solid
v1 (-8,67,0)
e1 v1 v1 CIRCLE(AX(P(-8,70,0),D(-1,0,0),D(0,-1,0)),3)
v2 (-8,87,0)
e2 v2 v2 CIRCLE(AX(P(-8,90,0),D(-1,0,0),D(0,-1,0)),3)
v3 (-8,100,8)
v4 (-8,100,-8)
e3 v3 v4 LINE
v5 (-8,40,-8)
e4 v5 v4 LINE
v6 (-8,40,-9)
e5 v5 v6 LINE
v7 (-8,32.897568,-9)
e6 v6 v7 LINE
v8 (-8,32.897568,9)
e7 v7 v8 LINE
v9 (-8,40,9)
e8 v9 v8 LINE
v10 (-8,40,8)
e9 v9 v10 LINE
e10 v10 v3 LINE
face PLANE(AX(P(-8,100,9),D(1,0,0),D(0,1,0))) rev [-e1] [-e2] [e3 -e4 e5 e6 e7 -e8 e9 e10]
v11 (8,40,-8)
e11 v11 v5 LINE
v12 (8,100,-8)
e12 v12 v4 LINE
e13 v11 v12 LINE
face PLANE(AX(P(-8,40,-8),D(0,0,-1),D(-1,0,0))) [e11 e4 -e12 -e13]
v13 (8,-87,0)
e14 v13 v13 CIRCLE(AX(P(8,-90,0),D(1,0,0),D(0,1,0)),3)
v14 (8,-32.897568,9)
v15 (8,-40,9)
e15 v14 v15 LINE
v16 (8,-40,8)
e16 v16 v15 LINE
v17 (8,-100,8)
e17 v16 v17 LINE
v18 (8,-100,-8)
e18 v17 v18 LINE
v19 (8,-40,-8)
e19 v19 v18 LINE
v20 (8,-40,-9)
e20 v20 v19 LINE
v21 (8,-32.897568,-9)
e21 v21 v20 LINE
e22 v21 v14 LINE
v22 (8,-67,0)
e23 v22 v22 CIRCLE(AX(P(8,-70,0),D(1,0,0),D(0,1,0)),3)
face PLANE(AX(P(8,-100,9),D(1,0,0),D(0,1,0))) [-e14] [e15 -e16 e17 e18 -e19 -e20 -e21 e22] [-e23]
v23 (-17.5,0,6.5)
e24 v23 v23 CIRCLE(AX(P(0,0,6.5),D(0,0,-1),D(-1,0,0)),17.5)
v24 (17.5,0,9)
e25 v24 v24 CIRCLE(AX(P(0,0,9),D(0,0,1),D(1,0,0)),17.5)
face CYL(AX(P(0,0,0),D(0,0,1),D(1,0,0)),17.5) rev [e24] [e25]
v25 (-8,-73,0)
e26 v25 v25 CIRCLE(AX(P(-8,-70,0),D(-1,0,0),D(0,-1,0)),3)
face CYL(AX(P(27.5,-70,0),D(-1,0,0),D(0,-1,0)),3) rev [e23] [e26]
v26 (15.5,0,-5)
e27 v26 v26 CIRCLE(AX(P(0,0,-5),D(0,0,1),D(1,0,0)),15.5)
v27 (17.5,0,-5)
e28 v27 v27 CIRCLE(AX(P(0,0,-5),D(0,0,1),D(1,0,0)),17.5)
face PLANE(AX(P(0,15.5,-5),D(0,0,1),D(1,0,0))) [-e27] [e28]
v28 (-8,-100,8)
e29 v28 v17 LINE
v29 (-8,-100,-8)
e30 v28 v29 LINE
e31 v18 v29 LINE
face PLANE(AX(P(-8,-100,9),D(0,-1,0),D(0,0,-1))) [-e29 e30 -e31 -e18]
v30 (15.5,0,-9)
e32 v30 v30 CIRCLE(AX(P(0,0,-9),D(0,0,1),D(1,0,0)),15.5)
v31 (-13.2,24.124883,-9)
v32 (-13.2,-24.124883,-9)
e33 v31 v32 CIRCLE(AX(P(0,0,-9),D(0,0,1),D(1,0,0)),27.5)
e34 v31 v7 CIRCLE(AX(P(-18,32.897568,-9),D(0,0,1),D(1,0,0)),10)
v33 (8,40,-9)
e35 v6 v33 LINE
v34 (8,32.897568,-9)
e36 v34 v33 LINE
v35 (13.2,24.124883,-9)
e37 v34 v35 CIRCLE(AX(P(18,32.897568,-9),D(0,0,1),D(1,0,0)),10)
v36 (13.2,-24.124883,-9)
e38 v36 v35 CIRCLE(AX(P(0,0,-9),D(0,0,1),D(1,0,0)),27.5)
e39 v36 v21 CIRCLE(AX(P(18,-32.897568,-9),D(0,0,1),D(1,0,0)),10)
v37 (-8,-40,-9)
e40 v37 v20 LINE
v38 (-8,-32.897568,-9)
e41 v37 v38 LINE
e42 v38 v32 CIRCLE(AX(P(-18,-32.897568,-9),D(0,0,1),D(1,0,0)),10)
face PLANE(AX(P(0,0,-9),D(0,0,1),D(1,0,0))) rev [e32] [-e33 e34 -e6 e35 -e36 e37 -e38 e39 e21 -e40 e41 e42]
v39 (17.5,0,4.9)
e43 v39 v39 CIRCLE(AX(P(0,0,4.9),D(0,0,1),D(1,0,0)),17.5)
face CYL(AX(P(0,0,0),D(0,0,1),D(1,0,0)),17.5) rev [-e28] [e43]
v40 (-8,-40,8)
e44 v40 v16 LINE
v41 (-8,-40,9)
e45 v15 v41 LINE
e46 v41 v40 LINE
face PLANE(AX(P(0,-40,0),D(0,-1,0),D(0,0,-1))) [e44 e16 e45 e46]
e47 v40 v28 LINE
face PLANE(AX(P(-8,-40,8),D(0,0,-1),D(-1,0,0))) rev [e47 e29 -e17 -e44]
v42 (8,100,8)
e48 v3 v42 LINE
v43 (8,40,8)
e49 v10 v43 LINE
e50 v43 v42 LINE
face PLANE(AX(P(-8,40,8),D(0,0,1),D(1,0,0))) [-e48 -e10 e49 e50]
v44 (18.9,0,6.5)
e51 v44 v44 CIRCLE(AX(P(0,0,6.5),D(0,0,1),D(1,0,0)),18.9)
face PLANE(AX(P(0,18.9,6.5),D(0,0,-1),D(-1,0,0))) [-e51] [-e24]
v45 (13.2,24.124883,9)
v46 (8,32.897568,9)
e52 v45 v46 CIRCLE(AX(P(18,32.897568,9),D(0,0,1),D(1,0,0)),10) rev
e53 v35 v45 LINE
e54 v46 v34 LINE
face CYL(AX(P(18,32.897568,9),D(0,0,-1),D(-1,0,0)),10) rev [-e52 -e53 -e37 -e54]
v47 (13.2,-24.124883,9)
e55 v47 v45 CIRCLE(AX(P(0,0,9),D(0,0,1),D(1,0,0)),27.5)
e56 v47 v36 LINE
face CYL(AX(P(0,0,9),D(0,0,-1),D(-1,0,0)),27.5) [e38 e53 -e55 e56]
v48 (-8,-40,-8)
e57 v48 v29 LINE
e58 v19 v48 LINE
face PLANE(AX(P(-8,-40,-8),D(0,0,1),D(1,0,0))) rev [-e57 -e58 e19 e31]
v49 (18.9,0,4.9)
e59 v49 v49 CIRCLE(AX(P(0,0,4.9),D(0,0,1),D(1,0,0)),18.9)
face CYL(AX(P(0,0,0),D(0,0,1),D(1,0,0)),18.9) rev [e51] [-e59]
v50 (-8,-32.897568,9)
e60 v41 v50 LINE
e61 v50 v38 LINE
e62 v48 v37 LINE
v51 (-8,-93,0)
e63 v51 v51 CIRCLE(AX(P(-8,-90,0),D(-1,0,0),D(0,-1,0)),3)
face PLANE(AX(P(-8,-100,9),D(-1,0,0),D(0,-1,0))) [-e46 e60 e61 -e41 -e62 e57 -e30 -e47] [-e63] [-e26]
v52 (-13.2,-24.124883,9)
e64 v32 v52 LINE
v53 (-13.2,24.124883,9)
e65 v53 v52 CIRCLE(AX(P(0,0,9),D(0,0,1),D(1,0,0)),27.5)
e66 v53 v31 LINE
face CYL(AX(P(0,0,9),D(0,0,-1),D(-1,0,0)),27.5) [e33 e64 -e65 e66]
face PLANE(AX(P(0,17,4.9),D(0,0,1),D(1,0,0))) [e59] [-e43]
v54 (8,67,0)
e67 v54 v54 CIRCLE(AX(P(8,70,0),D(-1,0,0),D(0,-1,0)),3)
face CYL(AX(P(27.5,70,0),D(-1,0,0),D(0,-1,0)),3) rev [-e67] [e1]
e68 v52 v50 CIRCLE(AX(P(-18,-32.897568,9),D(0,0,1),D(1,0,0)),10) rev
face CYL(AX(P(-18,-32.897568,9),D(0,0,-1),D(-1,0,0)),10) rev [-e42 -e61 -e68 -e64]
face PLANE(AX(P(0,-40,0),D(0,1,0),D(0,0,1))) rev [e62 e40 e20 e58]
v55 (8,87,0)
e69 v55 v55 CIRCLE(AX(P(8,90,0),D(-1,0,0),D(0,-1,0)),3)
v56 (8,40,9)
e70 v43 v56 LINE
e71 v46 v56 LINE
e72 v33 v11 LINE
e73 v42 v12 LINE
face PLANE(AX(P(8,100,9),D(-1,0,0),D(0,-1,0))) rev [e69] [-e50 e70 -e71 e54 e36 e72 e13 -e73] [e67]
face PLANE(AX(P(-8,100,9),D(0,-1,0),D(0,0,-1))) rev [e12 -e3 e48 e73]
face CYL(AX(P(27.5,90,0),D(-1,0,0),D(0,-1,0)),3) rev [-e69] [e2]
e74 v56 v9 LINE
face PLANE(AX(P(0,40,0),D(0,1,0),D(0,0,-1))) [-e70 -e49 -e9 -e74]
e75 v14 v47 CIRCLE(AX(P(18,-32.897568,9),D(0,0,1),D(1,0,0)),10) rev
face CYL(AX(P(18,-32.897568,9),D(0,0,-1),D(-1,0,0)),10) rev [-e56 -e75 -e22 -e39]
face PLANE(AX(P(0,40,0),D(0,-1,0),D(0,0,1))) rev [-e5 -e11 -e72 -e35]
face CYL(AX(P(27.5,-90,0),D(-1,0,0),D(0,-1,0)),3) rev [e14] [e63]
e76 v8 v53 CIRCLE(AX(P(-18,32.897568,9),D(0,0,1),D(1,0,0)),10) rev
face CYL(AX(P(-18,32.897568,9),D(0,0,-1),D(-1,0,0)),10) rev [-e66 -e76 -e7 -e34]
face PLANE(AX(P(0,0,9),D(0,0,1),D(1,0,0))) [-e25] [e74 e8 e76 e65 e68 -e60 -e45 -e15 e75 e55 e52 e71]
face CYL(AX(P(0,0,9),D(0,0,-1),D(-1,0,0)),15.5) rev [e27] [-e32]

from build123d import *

# Parameters (mm, degrees)
SKETCH1_R           = 27.5
SKETCH1_R_2         = 15.5
BOSS_EXTRUDE1_DEPTH = 9
BOSS_EXTRUDE2_DEPTH = 9
SKETCH3_W           = 14
SKETCH3_H           = 2
SKETCH4_W           = 1.6
SKETCH4_H           = 1.9
FILLET1_R           = 10
SKETCH5_W           = 16
SKETCH5_H           = 1
CUT_EXTRUDE1_DEPTH  = 60
SKETCH6_R           = 3
CUT_EXTRUDE2_DEPTH  = 107.495305061
SKETCH7_R           = 3
CUT_EXTRUDE3_DEPTH  = 107.495305061


with BuildPart() as part:
    # Sketch1 → Boss-Extrude1 (new, symmetric)
    with BuildSketch(Plane.XY):
        Circle(SKETCH1_R)
        Circle(SKETCH1_R_2, mode=Mode.SUBTRACT)
    extrude(amount=BOSS_EXTRUDE1_DEPTH, both=True)

    # Sketch2 → Boss-Extrude2 (add, symmetric)
    with BuildSketch(Plane.XY):
        Polygon((-8, 100), (8, 100), (8, 26.310644234), (0, 27.5), (-8, 26.310644234), align=None)
    boss_extrude2 = extrude(amount=BOSS_EXTRUDE2_DEPTH, both=True)

    # Mirror1: Boss-Extrude2 across plane
    add(boss_extrude2.mirror(Plane.ZX))

    # Sketch3 → Cut-Revolve1 (revolve, cut)
    with BuildSketch(Plane(origin=(0, 0, 0), x_dir=(0, 0, -1), z_dir=(1, 0, 0)), mode=Mode.PRIVATE) as cut_revolve1_sk:
        with Locations((-2, 16.5)):
            Rectangle(SKETCH3_W, SKETCH3_H)
    revolve(cut_revolve1_sk.sketch.rotate(Axis((0, 0, 0), (0, 0, -1)), 90), axis=Axis((0, 0, 0), (0, 0, -1)), mode=Mode.SUBTRACT)

    # Sketch4 → Cut-Revolve2 (revolve, cut)
    with BuildSketch(Plane(origin=(0, 0, 0), x_dir=(0, 0, -1), z_dir=(1, 0, 0)), mode=Mode.PRIVATE) as cut_revolve2_sk:
        with Locations((-5.7, 17.95)):
            Rectangle(SKETCH4_W, SKETCH4_H)
    revolve(cut_revolve2_sk.sketch.rotate(Axis((0, 0, 0), (0, 0, -1)), 90), axis=Axis((0, 0, 0), (0, 0, -1)), mode=Mode.SUBTRACT)

    # Fillet1
    fillet1_edges = [part.edges().sort_by_distance(p)[0] for p in [
        (8, 26.310644234, 0),
        (-8, 26.310644234, 0),
        (8, -26.310644234, 0),
        (-8, -26.310644234, 0),
    ]]
    fillet(fillet1_edges, radius=FILLET1_R)

    # Sketch5 → Cut-Extrude1 (cut)
    with BuildSketch(Plane.XZ.offset(100)):
        with Locations((0, 8.5)):
            Rectangle(SKETCH5_W, SKETCH5_H)
        with Locations((0, -8.5)):
            Rectangle(SKETCH5_W, SKETCH5_H)
    cut_extrude1 = extrude(amount=-CUT_EXTRUDE1_DEPTH, mode=Mode.SUBTRACT)

    # Sketch6 → Cut-Extrude2 (cut, through all)
    with BuildSketch(Plane.ZY.offset(8)):
        with Locations(Location((0, 90, 0), (0, 0, 270))):
            Circle(SKETCH6_R)
        with Locations(Location((0, 70, 0), (0, 0, 270))):
            Circle(SKETCH6_R)
    extrude(amount=-CUT_EXTRUDE2_DEPTH, mode=Mode.SUBTRACT)

    # Sketch7 → Cut-Extrude3 (cut, through all)
    with BuildSketch(Plane.ZY.offset(8)):
        with Locations(Location((0, -90, 0), (0, 0, 270))):
            Circle(SKETCH7_R)
        with Locations(Location((0, -70, 0), (0, 0, 270))):
            Circle(SKETCH7_R)
    extrude(amount=-CUT_EXTRUDE3_DEPTH, mode=Mode.SUBTRACT)

    # Mirror2: Cut-Extrude1 across plane
    add(cut_extrude1.mirror(Plane.ZX), mode=Mode.SUBTRACT)


solid = part.part
